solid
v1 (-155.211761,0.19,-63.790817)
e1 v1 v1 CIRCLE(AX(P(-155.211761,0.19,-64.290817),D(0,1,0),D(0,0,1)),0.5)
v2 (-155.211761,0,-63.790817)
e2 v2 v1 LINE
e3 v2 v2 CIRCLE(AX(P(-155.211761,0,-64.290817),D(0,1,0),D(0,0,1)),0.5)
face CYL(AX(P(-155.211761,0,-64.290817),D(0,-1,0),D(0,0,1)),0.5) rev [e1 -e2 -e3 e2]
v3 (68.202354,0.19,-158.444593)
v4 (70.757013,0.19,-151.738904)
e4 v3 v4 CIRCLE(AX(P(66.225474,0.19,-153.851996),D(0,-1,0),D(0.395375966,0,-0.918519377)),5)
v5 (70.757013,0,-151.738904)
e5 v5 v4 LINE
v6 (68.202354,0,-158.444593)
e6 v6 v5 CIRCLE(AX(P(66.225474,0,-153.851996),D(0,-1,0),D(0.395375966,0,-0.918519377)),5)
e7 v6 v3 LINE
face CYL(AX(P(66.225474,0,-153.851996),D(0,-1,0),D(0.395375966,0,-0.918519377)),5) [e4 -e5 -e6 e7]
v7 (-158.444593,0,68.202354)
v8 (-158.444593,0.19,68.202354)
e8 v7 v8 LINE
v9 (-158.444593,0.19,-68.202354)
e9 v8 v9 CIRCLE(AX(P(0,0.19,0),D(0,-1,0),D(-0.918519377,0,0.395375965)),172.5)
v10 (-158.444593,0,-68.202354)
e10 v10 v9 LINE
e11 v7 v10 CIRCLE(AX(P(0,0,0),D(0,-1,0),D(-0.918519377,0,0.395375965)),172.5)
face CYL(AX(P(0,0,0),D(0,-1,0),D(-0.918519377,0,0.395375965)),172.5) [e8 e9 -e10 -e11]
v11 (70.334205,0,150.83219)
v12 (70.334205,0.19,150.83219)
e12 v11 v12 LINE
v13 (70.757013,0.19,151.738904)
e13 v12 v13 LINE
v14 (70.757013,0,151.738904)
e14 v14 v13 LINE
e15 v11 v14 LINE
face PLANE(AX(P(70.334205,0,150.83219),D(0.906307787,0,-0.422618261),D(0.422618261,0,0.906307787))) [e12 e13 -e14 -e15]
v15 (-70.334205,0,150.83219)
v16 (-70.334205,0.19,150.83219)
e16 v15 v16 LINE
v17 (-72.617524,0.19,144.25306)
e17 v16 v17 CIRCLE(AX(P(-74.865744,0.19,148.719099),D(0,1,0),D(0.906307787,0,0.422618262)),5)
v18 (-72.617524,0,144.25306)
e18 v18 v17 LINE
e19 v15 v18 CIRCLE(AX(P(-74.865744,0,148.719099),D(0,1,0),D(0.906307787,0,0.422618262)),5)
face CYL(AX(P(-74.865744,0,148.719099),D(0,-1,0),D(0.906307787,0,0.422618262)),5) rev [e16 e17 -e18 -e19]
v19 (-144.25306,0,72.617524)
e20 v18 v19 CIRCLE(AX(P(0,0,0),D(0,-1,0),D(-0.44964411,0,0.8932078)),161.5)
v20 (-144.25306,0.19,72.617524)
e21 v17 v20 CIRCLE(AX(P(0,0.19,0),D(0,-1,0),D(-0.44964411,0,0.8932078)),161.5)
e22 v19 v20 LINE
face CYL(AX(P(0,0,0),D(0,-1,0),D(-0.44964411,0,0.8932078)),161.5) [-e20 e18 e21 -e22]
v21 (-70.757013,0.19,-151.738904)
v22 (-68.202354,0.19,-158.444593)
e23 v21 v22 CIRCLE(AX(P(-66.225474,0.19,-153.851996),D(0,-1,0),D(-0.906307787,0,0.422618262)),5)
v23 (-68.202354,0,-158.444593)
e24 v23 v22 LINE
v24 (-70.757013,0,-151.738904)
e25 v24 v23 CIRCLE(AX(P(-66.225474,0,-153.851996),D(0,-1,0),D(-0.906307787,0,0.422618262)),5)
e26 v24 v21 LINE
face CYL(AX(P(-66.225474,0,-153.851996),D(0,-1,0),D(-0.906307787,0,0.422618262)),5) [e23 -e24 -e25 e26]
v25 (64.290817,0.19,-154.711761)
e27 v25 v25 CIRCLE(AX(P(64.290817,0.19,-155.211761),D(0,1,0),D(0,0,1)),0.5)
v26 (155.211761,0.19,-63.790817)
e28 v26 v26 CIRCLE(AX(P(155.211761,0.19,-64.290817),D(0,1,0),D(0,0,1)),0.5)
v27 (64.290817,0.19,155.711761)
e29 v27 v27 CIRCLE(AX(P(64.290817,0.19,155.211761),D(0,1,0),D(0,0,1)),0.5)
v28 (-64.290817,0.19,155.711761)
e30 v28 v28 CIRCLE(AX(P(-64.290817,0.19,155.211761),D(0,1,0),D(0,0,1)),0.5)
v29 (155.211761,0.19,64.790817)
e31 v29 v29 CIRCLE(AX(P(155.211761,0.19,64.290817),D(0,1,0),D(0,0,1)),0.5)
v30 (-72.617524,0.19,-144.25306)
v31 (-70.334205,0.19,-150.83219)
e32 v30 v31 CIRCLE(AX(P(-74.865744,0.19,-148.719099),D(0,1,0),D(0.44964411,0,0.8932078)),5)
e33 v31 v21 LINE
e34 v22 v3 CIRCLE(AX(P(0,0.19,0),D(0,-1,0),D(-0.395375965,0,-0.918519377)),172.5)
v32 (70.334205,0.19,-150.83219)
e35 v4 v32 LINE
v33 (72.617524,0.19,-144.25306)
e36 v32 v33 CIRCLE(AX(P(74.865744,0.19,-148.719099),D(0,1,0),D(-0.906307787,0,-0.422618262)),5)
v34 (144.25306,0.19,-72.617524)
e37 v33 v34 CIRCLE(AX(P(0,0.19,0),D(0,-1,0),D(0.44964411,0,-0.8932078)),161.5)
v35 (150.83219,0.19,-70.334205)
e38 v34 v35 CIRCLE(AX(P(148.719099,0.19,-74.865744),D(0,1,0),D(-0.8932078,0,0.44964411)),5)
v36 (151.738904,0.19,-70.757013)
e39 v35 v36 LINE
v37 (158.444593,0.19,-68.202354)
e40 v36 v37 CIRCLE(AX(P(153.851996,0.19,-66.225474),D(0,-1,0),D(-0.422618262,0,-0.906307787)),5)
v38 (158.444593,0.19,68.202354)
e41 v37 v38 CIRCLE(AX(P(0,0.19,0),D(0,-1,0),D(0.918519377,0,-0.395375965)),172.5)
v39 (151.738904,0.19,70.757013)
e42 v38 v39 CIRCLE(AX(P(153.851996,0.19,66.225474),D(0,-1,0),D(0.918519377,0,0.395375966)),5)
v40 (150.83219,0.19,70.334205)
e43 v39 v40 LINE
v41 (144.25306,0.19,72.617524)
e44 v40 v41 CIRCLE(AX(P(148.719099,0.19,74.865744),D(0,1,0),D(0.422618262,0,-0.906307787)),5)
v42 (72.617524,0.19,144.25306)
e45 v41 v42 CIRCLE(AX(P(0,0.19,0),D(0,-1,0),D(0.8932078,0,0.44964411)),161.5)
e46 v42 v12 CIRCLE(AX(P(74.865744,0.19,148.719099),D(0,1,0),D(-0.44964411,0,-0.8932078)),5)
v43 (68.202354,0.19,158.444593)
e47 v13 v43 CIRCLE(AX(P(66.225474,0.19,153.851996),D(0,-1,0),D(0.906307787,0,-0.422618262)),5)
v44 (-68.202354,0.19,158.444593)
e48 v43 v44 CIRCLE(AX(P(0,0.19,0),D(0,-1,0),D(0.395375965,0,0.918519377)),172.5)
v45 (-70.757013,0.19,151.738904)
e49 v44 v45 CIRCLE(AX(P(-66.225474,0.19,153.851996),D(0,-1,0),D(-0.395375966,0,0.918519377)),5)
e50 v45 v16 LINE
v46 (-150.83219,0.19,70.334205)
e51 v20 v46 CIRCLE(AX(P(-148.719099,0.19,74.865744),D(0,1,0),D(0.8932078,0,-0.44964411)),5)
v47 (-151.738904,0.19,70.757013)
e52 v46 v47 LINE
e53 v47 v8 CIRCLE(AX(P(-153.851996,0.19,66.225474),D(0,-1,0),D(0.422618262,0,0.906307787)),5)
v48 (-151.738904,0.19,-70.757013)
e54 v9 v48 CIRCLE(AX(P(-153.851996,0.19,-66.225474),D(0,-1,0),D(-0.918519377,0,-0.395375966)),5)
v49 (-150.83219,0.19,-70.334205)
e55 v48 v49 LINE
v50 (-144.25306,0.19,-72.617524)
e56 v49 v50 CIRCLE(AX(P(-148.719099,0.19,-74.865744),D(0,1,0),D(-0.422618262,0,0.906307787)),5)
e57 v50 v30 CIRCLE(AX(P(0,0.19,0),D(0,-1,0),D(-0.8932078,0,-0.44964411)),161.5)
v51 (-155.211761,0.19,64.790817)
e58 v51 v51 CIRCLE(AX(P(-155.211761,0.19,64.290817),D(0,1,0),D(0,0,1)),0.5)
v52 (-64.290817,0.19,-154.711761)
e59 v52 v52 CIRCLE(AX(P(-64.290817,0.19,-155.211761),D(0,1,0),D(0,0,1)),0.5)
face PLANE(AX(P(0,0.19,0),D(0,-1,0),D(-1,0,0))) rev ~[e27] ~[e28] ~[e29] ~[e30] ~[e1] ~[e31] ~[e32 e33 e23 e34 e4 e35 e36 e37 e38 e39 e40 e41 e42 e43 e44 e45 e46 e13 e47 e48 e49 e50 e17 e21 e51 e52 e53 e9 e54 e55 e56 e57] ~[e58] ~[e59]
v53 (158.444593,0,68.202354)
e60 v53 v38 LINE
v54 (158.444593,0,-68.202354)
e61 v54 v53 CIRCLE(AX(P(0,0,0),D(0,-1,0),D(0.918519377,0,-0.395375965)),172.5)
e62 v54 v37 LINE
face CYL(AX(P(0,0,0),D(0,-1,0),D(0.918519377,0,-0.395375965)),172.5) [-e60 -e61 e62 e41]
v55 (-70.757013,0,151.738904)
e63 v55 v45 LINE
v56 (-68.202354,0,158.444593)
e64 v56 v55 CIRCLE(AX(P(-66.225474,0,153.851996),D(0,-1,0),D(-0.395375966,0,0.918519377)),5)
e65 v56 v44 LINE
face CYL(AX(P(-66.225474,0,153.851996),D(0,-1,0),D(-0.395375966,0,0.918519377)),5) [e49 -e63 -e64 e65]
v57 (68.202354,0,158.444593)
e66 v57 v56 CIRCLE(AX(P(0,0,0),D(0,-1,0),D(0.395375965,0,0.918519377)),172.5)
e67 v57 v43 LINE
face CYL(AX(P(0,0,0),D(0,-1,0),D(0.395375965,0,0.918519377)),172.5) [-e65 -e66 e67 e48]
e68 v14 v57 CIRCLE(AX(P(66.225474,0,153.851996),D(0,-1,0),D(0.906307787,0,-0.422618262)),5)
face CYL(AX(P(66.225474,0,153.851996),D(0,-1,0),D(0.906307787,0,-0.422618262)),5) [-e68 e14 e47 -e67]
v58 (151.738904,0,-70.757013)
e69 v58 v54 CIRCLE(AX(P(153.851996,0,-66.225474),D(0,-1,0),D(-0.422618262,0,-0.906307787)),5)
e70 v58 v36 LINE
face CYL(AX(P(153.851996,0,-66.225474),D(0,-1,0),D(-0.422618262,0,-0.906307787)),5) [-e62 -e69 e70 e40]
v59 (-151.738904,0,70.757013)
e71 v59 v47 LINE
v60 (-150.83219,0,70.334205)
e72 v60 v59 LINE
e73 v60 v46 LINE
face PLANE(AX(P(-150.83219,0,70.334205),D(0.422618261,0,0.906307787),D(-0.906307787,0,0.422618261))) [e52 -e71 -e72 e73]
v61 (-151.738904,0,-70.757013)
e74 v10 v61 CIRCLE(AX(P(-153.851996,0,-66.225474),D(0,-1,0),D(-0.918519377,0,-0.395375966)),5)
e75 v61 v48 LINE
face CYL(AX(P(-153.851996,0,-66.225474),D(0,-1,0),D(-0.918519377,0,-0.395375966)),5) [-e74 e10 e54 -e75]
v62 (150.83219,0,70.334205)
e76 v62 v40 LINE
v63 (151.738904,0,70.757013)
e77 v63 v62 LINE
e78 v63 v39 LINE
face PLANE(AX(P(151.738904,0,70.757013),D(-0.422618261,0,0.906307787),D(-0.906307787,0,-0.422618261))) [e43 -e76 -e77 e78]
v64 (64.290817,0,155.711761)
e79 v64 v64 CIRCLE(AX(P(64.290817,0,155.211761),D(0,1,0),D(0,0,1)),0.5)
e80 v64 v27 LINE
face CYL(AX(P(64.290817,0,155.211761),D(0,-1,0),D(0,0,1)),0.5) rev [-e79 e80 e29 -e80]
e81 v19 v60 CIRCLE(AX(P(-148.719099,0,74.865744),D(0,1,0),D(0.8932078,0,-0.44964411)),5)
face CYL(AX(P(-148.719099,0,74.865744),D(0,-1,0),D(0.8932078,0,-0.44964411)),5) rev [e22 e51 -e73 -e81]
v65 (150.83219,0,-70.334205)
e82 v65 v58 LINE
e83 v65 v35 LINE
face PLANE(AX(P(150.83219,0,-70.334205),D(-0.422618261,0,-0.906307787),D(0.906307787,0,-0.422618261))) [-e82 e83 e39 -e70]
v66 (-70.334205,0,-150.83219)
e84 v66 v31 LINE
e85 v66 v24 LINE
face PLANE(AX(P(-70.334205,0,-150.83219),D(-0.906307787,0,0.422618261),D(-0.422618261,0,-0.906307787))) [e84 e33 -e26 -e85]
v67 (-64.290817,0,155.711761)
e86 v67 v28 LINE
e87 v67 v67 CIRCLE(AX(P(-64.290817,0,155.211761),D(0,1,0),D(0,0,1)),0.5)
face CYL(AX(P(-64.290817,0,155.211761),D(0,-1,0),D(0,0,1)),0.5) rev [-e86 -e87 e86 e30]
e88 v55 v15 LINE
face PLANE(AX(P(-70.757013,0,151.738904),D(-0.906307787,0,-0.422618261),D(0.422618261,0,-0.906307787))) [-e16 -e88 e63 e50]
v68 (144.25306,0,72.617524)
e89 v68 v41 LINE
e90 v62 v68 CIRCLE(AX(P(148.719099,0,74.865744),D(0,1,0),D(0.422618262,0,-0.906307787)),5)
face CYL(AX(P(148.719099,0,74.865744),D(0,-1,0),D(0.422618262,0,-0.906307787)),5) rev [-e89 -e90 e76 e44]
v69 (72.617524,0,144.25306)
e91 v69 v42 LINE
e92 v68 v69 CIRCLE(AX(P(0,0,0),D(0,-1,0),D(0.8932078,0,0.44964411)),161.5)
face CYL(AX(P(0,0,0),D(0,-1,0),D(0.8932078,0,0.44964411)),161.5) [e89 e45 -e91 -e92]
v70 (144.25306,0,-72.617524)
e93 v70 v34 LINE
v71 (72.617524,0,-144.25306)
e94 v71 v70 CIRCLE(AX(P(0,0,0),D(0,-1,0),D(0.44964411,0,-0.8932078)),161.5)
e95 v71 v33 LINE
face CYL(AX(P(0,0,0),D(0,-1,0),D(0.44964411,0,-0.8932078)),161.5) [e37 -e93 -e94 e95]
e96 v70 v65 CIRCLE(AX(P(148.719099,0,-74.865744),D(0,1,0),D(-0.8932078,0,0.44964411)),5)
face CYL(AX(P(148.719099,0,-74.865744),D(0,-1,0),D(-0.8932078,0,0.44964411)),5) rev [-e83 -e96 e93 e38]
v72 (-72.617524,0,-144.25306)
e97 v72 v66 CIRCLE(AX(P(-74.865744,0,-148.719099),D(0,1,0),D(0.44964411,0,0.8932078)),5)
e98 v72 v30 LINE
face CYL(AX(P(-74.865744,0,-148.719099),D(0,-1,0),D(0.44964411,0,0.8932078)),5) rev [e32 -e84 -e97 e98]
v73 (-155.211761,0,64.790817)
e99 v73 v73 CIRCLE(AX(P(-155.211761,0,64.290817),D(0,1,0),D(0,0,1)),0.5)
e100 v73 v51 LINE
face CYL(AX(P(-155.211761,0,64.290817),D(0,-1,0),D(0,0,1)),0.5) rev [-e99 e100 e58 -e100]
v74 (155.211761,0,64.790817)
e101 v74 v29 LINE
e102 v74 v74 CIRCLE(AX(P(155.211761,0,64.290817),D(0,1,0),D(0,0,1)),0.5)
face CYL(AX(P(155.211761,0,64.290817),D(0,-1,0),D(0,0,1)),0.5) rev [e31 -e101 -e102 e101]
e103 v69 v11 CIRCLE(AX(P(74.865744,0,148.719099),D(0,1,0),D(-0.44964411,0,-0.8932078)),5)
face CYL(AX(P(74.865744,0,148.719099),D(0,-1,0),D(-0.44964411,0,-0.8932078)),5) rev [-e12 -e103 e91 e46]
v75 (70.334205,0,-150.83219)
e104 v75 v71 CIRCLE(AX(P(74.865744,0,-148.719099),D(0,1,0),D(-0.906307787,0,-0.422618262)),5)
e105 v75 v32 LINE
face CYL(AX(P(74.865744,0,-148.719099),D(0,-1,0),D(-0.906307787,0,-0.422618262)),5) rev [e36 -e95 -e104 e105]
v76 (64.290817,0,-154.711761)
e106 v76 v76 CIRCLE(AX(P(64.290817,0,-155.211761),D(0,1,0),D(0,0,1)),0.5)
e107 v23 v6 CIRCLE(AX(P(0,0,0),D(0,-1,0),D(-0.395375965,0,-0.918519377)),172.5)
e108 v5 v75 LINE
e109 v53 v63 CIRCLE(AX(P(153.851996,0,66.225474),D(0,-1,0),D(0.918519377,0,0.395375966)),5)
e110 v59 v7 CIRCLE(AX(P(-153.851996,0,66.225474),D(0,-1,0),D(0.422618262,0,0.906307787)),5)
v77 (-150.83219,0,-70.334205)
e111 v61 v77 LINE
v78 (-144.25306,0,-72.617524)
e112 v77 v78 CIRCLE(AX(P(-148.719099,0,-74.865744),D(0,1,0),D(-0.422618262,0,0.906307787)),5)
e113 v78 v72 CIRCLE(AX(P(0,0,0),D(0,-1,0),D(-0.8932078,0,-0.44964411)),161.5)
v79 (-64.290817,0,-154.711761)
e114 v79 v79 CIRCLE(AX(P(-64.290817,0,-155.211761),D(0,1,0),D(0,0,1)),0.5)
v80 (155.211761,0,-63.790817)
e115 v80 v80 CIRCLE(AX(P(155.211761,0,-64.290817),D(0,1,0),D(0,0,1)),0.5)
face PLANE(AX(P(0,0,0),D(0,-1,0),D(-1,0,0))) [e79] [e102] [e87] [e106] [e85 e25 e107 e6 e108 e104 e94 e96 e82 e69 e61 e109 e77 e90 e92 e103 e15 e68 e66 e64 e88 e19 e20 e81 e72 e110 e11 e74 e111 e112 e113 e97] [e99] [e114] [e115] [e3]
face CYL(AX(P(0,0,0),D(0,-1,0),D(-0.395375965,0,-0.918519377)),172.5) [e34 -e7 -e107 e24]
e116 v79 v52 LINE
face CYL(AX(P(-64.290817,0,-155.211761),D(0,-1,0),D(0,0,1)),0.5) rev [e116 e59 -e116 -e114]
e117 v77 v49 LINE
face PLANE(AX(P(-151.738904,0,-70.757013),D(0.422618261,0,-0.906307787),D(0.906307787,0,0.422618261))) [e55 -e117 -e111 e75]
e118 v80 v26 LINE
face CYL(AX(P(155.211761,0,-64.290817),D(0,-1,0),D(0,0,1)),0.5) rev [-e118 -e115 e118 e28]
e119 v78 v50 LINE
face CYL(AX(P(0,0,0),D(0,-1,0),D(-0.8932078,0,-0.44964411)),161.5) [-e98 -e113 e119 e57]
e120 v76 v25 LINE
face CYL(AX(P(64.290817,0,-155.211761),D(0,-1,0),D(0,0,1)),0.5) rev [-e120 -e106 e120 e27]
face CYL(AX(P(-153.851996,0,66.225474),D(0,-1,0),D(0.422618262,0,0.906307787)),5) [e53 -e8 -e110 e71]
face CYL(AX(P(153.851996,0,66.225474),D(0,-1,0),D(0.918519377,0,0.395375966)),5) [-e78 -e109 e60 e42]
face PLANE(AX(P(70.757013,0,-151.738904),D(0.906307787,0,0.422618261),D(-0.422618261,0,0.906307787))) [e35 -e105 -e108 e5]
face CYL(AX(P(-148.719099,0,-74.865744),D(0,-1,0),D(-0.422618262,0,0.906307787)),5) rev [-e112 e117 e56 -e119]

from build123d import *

# Parameters (mm, degrees)
SKETCH1_R           = 0.5
BOSS_EXTRUDE1_DEPTH = 0.19


with BuildPart() as part:
    # Sketch1 → Boss-Extrude1 (new body)
    with BuildSketch(Plane(origin=(0, 0, 0), x_dir=(1, 0, 0), z_dir=(0, 1, 0))):
        with BuildLine():
            Line((70.757013136, 151.738904346), (70.334205326, 150.83219007))
            ThreePointArc((70.334205326, 150.83219007), (70.142130859, 147.07974632), (72.617523713, 144.253059759))
            ThreePointArc((72.617523713, 144.253059759), (114.197745162, 114.197745162), (144.253059759, 72.617523713))
            ThreePointArc((144.253059759, 72.617523713), (147.07974632, 70.142130859), (150.83219007, 70.334205326))
            Line((150.83219007, 70.334205326), (151.738904346, 70.757013136))
            ThreePointArc((151.738904346, 70.757013136), (155.63203997, 70.897887093), (158.44459254, 68.202354028))
            ThreePointArc((158.44459254, 68.202354028), (172.5, 0), (158.44459254, -68.202354028))
            ThreePointArc((158.44459254, -68.202354028), (155.63203997, -70.897887093), (151.738904346, -70.757013136))
            Line((151.738904346, -70.757013136), (150.83219007, -70.334205326))
            ThreePointArc((150.83219007, -70.334205326), (147.07974632, -70.142130859), (144.253059759, -72.617523713))
            ThreePointArc((144.253059759, -72.617523713), (114.197745162, -114.197745162), (72.617523713, -144.253059759))
            ThreePointArc((72.617523713, -144.253059759), (70.142130859, -147.07974632), (70.334205326, -150.83219007))
            Line((70.334205326, -150.83219007), (70.757013136, -151.738904346))
            ThreePointArc((70.757013136, -151.738904346), (70.897887093, -155.63203997), (68.202354028, -158.44459254))
            ThreePointArc((68.202354028, -158.44459254), (0, -172.5), (-68.202354028, -158.44459254))
            ThreePointArc((-68.202354028, -158.44459254), (-70.897887093, -155.63203997), (-70.757013136, -151.738904346))
            Line((-70.757013136, -151.738904346), (-70.334205326, -150.83219007))
            ThreePointArc((-70.334205326, -150.83219007), (-70.142130859, -147.07974632), (-72.617523713, -144.253059759))
            ThreePointArc((-72.617523713, -144.253059759), (-114.197745162, -114.197745162), (-144.253059759, -72.617523713))
            ThreePointArc((-144.253059759, -72.617523713), (-147.07974632, -70.142130859), (-150.83219007, -70.334205326))
            Line((-150.83219007, -70.334205326), (-151.738904346, -70.757013136))
            ThreePointArc((-151.738904346, -70.757013136), (-155.63203997, -70.897887093), (-158.44459254, -68.202354028))
            ThreePointArc((-158.44459254, -68.202354028), (-172.5, 0), (-158.44459254, 68.202354028))
            ThreePointArc((-158.44459254, 68.202354028), (-155.63203997, 70.897887093), (-151.738904346, 70.757013136))
            Line((-151.738904346, 70.757013136), (-150.83219007, 70.334205326))
            ThreePointArc((-150.83219007, 70.334205326), (-147.07974632, 70.142130859), (-144.253059759, 72.617523713))
            ThreePointArc((-144.253059759, 72.617523713), (-114.197745162, 114.197745162), (-72.617523713, 144.253059759))
            ThreePointArc((-72.617523713, 144.253059759), (-70.142130859, 147.07974632), (-70.334205326, 150.83219007))
            Line((-70.334205326, 150.83219007), (-70.757013136, 151.738904346))
            ThreePointArc((-70.757013136, 151.738904346), (-70.897887093, 155.63203997), (-68.202354028, 158.44459254))
            ThreePointArc((-68.202354028, 158.44459254), (0, 172.5), (68.202354028, 158.44459254))
            ThreePointArc((68.202354028, 158.44459254), (70.897887093, 155.63203997), (70.757013136, 151.738904346))
        make_face()
        with Locations(Location((-64.290816637, 155.211761462, 0), (0, 0, 270))):
            Circle(SKETCH1_R, mode=Mode.SUBTRACT)
        with Locations(Location((64.290816637, 155.211761462, 0), (0, 0, 270))):
            Circle(SKETCH1_R, mode=Mode.SUBTRACT)
        with Locations(Location((155.211761462, 64.290816637, 0), (0, 0, 270))):
            Circle(SKETCH1_R, mode=Mode.SUBTRACT)
        with Locations(Location((155.211761462, -64.290816637, 0), (0, 0, 270))):
            Circle(SKETCH1_R, mode=Mode.SUBTRACT)
        with Locations(Location((64.290816637, -155.211761462, 0), (0, 0, 270))):
            Circle(SKETCH1_R, mode=Mode.SUBTRACT)
        with Locations(Location((-64.290816637, -155.211761462, 0), (0, 0, 270))):
            Circle(SKETCH1_R, mode=Mode.SUBTRACT)
        with Locations(Location((-155.211761462, -64.290816637, 0), (0, 0, 270))):
            Circle(SKETCH1_R, mode=Mode.SUBTRACT)
        with Locations(Location((-155.211761462, 64.290816637, 0), (0, 0, 270))):
            Circle(SKETCH1_R, mode=Mode.SUBTRACT)
    extrude(amount=BOSS_EXTRUDE1_DEPTH)


solid = part.part
